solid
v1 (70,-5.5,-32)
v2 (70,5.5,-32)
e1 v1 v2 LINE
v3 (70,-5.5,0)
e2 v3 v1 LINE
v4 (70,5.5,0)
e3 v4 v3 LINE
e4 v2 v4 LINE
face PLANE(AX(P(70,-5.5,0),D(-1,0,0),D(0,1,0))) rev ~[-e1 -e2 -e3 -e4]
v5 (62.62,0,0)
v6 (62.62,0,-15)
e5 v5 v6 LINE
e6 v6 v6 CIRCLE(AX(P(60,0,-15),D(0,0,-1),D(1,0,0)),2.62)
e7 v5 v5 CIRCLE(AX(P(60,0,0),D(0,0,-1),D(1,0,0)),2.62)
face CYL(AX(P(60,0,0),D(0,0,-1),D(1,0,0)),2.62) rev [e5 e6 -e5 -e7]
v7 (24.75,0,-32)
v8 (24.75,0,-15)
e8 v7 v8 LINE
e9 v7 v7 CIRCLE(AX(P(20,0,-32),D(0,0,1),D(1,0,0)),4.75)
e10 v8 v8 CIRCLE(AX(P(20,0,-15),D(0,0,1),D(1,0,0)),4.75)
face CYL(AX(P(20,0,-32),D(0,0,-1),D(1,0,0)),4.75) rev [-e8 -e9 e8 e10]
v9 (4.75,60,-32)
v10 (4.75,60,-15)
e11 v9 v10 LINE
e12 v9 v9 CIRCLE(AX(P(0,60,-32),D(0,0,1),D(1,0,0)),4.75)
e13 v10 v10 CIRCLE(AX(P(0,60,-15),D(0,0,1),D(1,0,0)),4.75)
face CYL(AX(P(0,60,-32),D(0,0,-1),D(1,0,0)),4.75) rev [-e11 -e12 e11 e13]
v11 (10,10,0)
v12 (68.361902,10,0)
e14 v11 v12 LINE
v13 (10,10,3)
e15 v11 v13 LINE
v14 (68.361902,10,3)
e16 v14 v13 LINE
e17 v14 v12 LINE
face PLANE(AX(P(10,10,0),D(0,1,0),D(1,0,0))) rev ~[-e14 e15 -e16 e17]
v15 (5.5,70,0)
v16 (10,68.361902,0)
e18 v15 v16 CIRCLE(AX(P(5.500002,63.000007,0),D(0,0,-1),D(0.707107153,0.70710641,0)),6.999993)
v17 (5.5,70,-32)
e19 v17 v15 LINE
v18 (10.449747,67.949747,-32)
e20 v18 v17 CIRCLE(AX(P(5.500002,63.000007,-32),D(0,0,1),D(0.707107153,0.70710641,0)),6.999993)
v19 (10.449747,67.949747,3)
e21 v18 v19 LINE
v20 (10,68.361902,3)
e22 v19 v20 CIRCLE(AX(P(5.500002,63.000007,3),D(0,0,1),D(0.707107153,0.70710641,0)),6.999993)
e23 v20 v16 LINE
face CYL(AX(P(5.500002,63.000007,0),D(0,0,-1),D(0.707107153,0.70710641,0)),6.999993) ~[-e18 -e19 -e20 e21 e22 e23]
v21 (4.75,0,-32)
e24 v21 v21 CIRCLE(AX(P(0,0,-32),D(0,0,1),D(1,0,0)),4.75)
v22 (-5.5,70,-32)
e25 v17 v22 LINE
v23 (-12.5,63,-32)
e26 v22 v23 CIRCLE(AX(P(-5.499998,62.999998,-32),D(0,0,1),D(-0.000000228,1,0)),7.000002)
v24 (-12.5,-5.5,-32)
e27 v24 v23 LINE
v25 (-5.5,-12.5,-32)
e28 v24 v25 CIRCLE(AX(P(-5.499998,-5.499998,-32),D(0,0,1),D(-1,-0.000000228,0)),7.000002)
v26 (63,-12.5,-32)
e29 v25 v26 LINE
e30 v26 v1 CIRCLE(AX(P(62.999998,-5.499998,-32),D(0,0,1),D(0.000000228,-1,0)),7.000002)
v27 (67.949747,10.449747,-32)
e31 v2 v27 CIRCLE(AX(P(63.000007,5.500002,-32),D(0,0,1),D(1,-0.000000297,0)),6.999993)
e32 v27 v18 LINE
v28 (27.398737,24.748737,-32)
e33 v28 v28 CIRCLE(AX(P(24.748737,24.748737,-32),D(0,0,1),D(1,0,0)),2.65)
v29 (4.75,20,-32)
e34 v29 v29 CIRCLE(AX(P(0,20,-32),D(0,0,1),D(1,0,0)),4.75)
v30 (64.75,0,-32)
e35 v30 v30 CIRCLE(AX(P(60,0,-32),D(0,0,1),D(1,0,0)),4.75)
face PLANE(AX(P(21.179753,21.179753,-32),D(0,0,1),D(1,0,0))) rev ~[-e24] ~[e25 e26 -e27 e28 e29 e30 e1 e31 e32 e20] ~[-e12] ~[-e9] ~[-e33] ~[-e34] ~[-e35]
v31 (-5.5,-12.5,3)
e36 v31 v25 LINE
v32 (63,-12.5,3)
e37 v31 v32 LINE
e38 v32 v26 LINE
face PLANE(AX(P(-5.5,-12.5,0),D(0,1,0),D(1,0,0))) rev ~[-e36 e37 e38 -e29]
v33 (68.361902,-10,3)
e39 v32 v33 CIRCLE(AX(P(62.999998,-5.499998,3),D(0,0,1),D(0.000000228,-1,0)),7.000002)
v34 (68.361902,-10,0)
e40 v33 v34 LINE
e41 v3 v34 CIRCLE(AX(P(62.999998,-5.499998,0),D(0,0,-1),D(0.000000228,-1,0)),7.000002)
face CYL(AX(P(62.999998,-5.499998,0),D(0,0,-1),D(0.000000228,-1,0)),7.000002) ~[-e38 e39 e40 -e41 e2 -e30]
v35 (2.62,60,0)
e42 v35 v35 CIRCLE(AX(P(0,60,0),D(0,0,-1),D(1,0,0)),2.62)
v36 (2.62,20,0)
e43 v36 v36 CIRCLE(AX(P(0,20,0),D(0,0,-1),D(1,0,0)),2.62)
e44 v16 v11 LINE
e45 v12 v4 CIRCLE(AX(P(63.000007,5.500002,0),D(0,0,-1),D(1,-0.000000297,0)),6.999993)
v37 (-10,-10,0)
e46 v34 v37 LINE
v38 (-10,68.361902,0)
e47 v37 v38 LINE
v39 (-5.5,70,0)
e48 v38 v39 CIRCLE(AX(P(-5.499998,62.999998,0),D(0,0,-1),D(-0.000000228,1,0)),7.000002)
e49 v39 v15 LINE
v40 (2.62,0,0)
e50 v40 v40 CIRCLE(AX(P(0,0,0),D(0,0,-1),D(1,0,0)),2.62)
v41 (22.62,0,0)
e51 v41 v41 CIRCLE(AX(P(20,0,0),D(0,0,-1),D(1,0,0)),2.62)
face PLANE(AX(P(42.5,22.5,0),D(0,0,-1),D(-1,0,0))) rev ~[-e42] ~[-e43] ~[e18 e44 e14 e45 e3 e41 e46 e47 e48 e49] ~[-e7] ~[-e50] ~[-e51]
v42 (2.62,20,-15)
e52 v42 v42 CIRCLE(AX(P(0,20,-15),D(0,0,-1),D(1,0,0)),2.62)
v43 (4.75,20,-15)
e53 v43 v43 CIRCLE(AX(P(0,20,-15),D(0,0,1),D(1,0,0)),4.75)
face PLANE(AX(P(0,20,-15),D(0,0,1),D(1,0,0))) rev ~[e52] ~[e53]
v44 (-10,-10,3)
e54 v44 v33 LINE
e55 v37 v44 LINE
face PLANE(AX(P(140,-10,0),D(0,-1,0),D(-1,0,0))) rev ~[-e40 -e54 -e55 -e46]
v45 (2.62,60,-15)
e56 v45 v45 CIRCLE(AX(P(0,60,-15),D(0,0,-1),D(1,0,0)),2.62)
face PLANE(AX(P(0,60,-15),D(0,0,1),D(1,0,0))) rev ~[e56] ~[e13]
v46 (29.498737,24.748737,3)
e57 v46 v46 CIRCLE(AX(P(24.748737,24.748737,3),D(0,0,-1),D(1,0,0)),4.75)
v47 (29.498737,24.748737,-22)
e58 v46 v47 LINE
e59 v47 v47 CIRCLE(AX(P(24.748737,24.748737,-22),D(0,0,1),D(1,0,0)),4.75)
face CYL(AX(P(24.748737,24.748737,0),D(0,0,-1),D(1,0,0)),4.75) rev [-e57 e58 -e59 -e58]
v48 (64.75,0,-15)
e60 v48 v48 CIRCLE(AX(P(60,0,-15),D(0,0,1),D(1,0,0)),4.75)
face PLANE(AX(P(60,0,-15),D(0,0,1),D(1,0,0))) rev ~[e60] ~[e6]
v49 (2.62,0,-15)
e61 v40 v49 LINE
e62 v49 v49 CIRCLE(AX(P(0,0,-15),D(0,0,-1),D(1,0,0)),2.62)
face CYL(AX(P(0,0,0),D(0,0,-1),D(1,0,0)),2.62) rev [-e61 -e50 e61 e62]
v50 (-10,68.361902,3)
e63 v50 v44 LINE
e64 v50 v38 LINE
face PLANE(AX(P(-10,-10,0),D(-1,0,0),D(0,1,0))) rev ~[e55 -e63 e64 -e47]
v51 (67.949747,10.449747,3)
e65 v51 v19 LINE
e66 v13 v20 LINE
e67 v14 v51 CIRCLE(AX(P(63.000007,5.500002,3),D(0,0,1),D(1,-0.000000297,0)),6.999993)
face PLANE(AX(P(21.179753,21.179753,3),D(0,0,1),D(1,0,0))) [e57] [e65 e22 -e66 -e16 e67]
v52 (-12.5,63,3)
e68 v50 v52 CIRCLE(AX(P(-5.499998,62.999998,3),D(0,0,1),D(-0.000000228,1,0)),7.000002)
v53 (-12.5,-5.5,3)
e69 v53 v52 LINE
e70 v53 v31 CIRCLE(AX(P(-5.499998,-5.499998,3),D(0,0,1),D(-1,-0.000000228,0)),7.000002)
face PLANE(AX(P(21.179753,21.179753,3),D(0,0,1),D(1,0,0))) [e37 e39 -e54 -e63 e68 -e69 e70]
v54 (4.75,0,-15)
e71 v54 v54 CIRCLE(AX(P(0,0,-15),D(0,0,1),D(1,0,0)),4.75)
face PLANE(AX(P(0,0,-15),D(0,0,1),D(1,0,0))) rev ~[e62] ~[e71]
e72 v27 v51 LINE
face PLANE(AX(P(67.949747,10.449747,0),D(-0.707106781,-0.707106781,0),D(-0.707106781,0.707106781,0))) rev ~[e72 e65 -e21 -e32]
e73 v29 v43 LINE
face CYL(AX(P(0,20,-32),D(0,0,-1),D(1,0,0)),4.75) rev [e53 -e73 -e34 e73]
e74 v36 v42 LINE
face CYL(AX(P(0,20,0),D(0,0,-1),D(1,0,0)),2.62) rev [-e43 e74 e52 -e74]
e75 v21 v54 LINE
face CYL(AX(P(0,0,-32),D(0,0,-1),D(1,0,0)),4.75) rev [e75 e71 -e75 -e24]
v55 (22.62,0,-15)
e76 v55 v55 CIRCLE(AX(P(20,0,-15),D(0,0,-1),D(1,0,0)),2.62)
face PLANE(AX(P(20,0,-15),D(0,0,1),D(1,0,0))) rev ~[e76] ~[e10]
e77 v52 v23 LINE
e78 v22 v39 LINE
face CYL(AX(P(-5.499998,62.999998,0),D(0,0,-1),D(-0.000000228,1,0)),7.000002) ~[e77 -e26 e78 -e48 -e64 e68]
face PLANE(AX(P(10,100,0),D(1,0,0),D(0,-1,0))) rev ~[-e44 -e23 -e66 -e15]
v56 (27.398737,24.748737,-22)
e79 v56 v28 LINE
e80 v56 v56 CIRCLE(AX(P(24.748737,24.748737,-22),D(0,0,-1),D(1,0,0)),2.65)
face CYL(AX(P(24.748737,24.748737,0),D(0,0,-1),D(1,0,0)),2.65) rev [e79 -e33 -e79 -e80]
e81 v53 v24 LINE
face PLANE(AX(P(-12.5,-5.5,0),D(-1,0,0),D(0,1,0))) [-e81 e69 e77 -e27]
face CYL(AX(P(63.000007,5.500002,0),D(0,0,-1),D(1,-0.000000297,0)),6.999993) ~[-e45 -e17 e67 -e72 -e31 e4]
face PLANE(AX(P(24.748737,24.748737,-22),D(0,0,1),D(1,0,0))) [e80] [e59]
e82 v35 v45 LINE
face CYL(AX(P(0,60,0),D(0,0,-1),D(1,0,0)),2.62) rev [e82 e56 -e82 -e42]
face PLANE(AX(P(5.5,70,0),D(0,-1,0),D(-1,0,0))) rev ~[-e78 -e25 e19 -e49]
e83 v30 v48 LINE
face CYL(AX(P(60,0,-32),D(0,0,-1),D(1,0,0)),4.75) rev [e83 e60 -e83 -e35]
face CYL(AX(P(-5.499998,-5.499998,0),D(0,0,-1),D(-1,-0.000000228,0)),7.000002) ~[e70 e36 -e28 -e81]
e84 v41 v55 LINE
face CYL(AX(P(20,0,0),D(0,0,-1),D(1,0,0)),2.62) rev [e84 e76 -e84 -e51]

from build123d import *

# Parameters (mm, degrees)
SKETCH013_R          = 2.62
SKETCH013_R_2        = 2.65
PAD006_DEPTH         = 32
PAD006_DEPTH_BACK    = 3
SKETCH014_R          = 4.75
POCKET004_DEPTH      = 17
POCKET005_DEPTH      = 3.001
SKETCH109_R          = 4.75
POCKET055_DEPTH      = 22
POCKET055_DEPTH_BACK = 100


with BuildPart() as part:
    # Sketch013 → Pad006 (new body, two sides)
    with BuildSketch(Plane.XY) as pad006_sk:
        with BuildLine():
            Line((70, -5.5), (70, 5.5))
            ThreePointArc((70, 5.5), (69.467157, 8.178784), (67.949747, 10.449747))
            Line((67.949747, 10.449747), (10.449747, 67.949747))
            ThreePointArc((10.449747, 67.949747), (8.178784, 69.467157), (5.5, 70))
            Line((5.5, 70), (-5.5, 70))
            ThreePointArc((-5.5, 70), (-10.449747, 67.949747), (-12.5, 63))
            Line((-12.5, -5.5), (-12.5, 63))
            ThreePointArc((-12.5, -5.5), (-10.449747, -10.449747), (-5.5, -12.5))
            Line((-5.5, -12.5), (63, -12.5))
            ThreePointArc((63, -12.5), (67.949747, -10.449747), (70, -5.5))
        make_face()
        with Locations((20, 0)):
            Circle(SKETCH013_R, mode=Mode.SUBTRACT)
        with Locations((60, 0)):
            Circle(SKETCH013_R, mode=Mode.SUBTRACT)
        Circle(SKETCH013_R, mode=Mode.SUBTRACT)
        with Locations((0, 60)):
            Circle(SKETCH013_R, mode=Mode.SUBTRACT)
        with Locations((0, 20)):
            Circle(SKETCH013_R, mode=Mode.SUBTRACT)
        with Locations((24.748737, 24.748737)):
            Circle(SKETCH013_R_2, mode=Mode.SUBTRACT)
    extrude(amount=-PAD006_DEPTH)
    extrude(pad006_sk.sketch, amount=PAD006_DEPTH_BACK)

    # Sketch014 → Pocket004 (cut)
    with BuildSketch(Plane.XY.offset(-32)):
        with Locations((0, 60)):
            Circle(SKETCH014_R)
        Circle(SKETCH014_R)
        with Locations((20, 0)):
            Circle(SKETCH014_R)
        with Locations((60, 0)):
            Circle(SKETCH014_R)
        with Locations((0, 20)):
            Circle(SKETCH014_R)
    extrude(amount=POCKET004_DEPTH, mode=Mode.SUBTRACT)

    # Sketch016 → Pocket005 (cut, through all)
    with BuildSketch(Plane.XY):
        Polygon((10, 100), (10, 10), (140, 10), (140, -10), (-10, -10), (-10, 100), align=None)
    extrude(amount=POCKET005_DEPTH, mode=Mode.SUBTRACT)

    # Sketch109 → Pocket055 (cut, two sides)
    with BuildSketch(Plane.XY) as pocket055_sk:
        with Locations((24.748737, 24.748737)):
            Circle(SKETCH109_R)
    extrude(amount=-POCKET055_DEPTH, mode=Mode.SUBTRACT)
    extrude(pocket055_sk.sketch, amount=POCKET055_DEPTH_BACK, mode=Mode.SUBTRACT)


solid = part.part
